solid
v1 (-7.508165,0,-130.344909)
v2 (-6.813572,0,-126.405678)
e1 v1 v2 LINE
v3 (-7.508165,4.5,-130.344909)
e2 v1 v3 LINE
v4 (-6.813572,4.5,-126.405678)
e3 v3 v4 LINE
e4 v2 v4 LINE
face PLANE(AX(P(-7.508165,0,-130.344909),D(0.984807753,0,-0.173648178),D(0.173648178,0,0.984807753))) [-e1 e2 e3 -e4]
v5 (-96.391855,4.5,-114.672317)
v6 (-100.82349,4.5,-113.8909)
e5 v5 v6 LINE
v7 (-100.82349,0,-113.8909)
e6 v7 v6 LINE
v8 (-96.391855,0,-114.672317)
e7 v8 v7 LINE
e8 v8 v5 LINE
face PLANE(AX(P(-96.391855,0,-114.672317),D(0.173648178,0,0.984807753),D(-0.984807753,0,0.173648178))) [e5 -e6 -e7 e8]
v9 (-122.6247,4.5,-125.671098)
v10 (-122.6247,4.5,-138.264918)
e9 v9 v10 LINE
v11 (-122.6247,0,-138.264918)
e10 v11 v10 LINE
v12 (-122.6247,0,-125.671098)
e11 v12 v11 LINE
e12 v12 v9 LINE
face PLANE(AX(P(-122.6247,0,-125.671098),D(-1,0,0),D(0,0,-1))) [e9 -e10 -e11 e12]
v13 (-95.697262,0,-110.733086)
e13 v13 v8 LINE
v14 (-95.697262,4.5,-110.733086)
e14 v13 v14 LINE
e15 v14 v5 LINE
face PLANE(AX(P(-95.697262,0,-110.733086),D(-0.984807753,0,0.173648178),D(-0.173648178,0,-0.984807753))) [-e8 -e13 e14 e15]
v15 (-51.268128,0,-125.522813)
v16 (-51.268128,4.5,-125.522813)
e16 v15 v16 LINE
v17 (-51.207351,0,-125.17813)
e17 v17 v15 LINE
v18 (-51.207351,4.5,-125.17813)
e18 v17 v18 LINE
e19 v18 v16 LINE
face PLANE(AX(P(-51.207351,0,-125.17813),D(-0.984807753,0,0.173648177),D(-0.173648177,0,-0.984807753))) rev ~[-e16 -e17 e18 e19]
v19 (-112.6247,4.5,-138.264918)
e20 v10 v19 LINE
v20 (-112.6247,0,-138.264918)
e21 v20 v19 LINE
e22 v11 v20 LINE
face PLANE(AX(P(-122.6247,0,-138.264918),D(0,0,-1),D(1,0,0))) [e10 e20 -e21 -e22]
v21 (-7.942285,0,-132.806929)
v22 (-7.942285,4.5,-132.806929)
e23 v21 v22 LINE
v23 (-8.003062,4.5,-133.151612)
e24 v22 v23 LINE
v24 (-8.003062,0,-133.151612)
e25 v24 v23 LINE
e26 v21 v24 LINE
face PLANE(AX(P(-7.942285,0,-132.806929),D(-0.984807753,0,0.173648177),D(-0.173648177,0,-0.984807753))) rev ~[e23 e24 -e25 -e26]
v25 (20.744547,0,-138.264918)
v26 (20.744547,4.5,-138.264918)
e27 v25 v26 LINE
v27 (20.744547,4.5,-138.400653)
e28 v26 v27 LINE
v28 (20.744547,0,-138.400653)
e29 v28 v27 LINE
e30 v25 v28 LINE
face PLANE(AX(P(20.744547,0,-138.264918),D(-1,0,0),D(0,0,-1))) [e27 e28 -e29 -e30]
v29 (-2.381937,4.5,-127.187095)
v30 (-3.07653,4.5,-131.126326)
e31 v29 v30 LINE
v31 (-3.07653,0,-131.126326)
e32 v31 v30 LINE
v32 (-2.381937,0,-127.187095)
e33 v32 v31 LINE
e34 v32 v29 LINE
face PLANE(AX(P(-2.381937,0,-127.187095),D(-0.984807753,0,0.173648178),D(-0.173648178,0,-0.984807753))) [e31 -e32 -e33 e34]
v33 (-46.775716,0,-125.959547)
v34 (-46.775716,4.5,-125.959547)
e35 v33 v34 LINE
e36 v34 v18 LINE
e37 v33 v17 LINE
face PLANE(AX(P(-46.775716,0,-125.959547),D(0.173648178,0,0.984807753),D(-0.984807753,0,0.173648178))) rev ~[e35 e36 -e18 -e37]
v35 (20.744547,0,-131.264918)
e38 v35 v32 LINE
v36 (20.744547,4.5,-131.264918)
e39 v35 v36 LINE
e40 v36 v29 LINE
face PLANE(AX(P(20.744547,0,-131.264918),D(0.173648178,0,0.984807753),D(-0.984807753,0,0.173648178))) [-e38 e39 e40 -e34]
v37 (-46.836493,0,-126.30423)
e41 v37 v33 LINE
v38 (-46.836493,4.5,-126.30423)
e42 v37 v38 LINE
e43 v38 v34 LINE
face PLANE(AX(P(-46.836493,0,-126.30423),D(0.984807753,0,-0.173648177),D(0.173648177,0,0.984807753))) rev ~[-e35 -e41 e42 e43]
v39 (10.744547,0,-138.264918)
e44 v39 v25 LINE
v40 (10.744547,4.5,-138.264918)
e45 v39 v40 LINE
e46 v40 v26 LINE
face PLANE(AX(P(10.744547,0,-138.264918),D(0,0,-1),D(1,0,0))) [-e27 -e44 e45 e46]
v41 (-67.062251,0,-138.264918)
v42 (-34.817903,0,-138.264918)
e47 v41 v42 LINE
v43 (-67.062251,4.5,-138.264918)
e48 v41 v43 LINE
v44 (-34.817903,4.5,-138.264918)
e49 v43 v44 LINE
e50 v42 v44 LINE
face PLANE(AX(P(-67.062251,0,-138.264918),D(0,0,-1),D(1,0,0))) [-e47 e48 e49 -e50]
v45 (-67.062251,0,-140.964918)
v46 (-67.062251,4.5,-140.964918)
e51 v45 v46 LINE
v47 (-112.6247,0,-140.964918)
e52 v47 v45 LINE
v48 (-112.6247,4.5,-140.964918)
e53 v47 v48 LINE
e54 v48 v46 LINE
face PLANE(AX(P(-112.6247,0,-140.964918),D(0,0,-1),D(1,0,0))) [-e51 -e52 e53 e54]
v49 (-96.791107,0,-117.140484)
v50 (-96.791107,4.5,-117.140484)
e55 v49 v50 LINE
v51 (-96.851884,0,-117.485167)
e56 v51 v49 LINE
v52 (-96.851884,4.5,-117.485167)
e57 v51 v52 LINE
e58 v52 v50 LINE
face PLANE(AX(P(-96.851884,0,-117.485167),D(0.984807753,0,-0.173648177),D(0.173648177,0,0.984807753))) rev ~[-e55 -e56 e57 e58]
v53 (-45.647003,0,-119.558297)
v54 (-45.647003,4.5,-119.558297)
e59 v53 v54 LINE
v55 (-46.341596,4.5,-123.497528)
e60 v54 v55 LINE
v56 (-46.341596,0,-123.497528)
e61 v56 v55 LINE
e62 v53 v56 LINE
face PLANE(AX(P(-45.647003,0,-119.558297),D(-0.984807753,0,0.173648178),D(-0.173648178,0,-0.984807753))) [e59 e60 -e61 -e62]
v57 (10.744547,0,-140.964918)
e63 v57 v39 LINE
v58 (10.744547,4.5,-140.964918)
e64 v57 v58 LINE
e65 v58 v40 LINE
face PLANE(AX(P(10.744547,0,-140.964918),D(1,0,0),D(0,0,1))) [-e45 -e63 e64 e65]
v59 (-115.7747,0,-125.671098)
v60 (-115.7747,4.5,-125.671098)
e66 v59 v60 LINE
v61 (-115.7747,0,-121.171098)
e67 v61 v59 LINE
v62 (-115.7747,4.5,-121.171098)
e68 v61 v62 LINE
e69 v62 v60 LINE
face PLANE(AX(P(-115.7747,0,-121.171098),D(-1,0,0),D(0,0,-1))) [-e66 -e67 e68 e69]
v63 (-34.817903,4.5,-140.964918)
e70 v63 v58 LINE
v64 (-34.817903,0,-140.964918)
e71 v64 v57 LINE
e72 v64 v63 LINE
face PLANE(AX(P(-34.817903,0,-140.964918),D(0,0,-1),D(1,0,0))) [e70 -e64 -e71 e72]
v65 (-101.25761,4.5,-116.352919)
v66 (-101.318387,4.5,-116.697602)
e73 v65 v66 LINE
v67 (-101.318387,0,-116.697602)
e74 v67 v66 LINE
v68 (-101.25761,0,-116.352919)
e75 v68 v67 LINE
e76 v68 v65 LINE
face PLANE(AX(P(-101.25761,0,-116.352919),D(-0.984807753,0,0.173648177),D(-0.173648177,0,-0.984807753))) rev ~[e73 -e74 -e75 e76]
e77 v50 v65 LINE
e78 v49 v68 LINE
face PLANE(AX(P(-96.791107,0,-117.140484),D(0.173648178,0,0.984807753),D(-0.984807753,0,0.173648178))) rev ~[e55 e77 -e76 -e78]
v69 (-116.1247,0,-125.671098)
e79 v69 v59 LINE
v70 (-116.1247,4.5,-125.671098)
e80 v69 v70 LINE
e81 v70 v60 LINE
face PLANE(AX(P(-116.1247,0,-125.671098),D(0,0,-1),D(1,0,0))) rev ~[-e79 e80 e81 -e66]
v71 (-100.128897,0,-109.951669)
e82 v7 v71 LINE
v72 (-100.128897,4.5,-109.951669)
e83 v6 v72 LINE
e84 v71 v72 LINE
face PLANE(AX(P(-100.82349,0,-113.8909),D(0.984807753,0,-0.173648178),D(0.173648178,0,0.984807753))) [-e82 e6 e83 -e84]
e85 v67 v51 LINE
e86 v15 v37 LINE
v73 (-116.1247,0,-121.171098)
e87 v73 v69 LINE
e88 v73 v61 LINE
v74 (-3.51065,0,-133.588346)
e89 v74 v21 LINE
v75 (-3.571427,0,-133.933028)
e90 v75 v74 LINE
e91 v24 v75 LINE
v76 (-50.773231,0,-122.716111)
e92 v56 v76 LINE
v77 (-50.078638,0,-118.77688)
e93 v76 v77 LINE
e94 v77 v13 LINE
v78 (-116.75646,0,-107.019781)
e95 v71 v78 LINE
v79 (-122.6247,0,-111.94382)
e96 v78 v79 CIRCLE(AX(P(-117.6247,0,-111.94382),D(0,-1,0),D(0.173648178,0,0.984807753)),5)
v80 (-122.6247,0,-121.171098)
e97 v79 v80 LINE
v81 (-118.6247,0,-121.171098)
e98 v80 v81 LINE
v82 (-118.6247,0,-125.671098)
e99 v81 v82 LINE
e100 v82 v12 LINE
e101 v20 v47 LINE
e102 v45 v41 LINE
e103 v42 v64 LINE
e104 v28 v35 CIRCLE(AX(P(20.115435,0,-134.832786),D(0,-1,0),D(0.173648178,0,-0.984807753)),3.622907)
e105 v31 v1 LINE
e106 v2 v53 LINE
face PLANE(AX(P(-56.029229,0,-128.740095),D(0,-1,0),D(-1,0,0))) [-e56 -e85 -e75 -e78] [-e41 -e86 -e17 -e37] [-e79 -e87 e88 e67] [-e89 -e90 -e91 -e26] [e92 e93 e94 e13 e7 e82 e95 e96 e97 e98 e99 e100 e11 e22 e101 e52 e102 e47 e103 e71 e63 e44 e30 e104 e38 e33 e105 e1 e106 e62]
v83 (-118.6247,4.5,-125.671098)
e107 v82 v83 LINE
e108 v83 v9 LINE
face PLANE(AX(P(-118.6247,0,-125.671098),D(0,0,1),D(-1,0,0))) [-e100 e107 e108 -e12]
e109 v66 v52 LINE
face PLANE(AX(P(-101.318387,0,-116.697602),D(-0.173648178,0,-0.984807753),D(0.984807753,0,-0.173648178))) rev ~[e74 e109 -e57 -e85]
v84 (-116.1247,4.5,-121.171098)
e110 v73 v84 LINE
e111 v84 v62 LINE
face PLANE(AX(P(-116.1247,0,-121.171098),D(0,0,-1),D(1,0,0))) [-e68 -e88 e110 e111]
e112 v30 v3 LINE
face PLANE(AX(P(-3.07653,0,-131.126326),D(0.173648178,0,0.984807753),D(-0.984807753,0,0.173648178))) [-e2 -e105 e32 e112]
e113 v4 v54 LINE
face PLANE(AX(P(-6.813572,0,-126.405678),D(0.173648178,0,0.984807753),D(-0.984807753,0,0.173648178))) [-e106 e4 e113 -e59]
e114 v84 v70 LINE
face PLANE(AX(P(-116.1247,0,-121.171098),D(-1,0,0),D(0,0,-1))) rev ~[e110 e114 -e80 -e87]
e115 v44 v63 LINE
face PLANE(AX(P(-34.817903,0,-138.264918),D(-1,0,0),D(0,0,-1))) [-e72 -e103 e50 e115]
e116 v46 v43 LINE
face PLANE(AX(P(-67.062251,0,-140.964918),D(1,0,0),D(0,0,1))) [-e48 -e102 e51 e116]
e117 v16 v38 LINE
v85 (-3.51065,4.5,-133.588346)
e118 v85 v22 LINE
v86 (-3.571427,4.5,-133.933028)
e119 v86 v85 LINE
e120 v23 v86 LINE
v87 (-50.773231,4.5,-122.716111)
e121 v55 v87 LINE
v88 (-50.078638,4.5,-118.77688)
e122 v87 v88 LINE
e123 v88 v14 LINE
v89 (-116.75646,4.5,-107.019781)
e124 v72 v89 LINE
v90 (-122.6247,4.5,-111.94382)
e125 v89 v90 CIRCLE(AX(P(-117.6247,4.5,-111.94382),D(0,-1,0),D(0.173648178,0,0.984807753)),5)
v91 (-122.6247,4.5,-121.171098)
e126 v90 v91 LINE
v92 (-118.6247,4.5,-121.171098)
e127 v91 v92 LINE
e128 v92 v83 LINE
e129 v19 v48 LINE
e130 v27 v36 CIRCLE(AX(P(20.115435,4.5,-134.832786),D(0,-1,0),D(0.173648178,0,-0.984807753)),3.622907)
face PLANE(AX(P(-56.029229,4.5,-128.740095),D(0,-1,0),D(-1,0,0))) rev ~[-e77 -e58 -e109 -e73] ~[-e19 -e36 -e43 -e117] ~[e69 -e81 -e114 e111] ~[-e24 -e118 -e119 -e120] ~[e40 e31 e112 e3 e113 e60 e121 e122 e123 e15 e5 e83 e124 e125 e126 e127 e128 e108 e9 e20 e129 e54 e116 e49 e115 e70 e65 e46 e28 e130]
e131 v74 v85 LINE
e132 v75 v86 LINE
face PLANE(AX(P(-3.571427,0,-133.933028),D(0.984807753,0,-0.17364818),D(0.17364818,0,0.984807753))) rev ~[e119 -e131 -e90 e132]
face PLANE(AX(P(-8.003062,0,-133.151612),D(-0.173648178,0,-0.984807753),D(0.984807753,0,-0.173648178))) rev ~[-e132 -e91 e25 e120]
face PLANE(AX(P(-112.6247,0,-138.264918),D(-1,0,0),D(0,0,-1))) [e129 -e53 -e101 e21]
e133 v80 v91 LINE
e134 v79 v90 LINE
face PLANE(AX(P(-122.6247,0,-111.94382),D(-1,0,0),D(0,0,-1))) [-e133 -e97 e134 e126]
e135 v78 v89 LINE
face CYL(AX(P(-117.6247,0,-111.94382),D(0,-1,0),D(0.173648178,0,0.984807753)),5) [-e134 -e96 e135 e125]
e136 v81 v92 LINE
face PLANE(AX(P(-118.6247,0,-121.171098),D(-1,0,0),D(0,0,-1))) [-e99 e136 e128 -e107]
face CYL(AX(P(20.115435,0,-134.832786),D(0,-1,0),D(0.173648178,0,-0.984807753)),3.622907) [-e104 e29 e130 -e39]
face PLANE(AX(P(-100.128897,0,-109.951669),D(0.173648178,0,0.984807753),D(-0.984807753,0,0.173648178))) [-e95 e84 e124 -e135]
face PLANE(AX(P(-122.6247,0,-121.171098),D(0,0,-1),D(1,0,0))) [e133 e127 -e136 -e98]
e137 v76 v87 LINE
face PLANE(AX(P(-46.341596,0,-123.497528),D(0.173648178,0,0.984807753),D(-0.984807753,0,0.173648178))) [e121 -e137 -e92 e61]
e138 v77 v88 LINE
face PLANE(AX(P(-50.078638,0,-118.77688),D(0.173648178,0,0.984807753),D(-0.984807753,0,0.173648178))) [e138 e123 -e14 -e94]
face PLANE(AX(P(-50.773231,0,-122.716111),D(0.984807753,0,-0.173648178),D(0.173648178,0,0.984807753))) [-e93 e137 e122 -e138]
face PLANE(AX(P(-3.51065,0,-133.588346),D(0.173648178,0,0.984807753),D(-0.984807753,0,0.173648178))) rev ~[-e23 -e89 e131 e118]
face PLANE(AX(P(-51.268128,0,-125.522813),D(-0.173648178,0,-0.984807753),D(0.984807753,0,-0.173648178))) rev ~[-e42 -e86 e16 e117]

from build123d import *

# Parameters (mm, degrees)
SKETCH1_W           = 0.35
SKETCH1_H           = 4.5
BOSS_EXTRUDE1_DEPTH = 4.5


with BuildPart() as part:
    # Sketch1 → Boss-Extrude1 (new body)
    with BuildSketch(Plane(origin=(0, 0, 0), x_dir=(1, 0, 0), z_dir=(0, 1, 0))):
        with BuildLine():
            Line((-112.624700466, 140.964918284), (-67.062250697, 140.964918284))
            Line((-67.062250697, 140.964918284), (-67.062250697, 138.264918284))
            Line((-67.062250697, 138.264918284), (-34.817903115, 138.264918284))
            Line((-34.817903115, 138.264918284), (-34.817903115, 140.964918284))
            Line((-34.817903115, 140.964918284), (10.744546655, 140.964918284))
            Line((10.744546655, 140.964918284), (10.744546655, 138.264918284))
            Line((10.744546655, 138.264918284), (20.744546655, 138.264918284))
            Line((20.744546655, 138.264918284), (20.744546655, 138.400653035))
            ThreePointArc((20.744546655, 138.400653035), (23.738342853, 134.832785659), (20.744546655, 131.264918284))
            Line((20.744546655, 131.264918284), (-2.381937072, 127.187095234))
            Line((-2.381937072, 127.187095234), (-3.076529782, 131.126326246))
            Line((-3.076529782, 131.126326246), (-7.508164671, 130.344909446))
            Line((-7.508164671, 130.344909446), (-6.81357196, 126.405678434))
            Line((-6.81357196, 126.405678434), (-45.647003133, 119.558296765))
            Line((-45.647003133, 119.558296765), (-46.341595844, 123.497527777))
            Line((-46.341595844, 123.497527777), (-50.773230733, 122.716110978))
            Line((-50.773230733, 122.716110978), (-50.078638022, 118.776879966))
            Line((-50.078638022, 118.776879966), (-95.69726199, 110.733085737))
            Line((-95.69726199, 110.733085737), (-96.3918547, 114.672316749))
            Line((-96.3918547, 114.672316749), (-100.823489589, 113.89089995))
            Line((-100.823489589, 113.89089995), (-100.128896878, 109.951668938))
            Line((-100.128896878, 109.951668938), (-116.756459578, 107.01978101))
            ThreePointArc((-116.756459578, 107.01978101), (-120.838638515, 108.11359756), (-122.624700466, 111.943819775))
            Line((-122.624700466, 111.943819775), (-122.624700466, 121.171097677))
            Line((-122.624700466, 121.171097677), (-118.624700466, 121.171097677))
            Line((-118.624700466, 121.171097677), (-118.624700466, 125.671097677))
            Line((-118.624700466, 125.671097677), (-122.624700466, 125.671097677))
            Line((-122.624700466, 125.671097677), (-122.624700466, 138.264918284))
            Line((-122.624700466, 138.264918284), (-112.624700466, 138.264918284))
            Line((-112.624700466, 138.264918284), (-112.624700466, 140.964918284))
        make_face()
        Polygon((-3.510650226, 133.588345628), (-7.942285115, 132.806928829), (-8.003061977, 133.151611543), (-3.571427089, 133.933028342), align=None, mode=Mode.SUBTRACT)
        Polygon((-46.775716288, 125.95954716), (-51.207351177, 125.17813036), (-51.268128039, 125.522813074), (-46.83649315, 126.304229873), align=None, mode=Mode.SUBTRACT)
        Polygon((-96.791107352, 117.140484264), (-101.257610033, 116.352919332), (-101.318386895, 116.697602046), (-96.851884214, 117.485166978), align=None, mode=Mode.SUBTRACT)
        with Locations((-115.949700466, 123.421097677)):
            Rectangle(SKETCH1_W, SKETCH1_H, mode=Mode.SUBTRACT)
    extrude(amount=BOSS_EXTRUDE1_DEPTH)


solid = part.part
